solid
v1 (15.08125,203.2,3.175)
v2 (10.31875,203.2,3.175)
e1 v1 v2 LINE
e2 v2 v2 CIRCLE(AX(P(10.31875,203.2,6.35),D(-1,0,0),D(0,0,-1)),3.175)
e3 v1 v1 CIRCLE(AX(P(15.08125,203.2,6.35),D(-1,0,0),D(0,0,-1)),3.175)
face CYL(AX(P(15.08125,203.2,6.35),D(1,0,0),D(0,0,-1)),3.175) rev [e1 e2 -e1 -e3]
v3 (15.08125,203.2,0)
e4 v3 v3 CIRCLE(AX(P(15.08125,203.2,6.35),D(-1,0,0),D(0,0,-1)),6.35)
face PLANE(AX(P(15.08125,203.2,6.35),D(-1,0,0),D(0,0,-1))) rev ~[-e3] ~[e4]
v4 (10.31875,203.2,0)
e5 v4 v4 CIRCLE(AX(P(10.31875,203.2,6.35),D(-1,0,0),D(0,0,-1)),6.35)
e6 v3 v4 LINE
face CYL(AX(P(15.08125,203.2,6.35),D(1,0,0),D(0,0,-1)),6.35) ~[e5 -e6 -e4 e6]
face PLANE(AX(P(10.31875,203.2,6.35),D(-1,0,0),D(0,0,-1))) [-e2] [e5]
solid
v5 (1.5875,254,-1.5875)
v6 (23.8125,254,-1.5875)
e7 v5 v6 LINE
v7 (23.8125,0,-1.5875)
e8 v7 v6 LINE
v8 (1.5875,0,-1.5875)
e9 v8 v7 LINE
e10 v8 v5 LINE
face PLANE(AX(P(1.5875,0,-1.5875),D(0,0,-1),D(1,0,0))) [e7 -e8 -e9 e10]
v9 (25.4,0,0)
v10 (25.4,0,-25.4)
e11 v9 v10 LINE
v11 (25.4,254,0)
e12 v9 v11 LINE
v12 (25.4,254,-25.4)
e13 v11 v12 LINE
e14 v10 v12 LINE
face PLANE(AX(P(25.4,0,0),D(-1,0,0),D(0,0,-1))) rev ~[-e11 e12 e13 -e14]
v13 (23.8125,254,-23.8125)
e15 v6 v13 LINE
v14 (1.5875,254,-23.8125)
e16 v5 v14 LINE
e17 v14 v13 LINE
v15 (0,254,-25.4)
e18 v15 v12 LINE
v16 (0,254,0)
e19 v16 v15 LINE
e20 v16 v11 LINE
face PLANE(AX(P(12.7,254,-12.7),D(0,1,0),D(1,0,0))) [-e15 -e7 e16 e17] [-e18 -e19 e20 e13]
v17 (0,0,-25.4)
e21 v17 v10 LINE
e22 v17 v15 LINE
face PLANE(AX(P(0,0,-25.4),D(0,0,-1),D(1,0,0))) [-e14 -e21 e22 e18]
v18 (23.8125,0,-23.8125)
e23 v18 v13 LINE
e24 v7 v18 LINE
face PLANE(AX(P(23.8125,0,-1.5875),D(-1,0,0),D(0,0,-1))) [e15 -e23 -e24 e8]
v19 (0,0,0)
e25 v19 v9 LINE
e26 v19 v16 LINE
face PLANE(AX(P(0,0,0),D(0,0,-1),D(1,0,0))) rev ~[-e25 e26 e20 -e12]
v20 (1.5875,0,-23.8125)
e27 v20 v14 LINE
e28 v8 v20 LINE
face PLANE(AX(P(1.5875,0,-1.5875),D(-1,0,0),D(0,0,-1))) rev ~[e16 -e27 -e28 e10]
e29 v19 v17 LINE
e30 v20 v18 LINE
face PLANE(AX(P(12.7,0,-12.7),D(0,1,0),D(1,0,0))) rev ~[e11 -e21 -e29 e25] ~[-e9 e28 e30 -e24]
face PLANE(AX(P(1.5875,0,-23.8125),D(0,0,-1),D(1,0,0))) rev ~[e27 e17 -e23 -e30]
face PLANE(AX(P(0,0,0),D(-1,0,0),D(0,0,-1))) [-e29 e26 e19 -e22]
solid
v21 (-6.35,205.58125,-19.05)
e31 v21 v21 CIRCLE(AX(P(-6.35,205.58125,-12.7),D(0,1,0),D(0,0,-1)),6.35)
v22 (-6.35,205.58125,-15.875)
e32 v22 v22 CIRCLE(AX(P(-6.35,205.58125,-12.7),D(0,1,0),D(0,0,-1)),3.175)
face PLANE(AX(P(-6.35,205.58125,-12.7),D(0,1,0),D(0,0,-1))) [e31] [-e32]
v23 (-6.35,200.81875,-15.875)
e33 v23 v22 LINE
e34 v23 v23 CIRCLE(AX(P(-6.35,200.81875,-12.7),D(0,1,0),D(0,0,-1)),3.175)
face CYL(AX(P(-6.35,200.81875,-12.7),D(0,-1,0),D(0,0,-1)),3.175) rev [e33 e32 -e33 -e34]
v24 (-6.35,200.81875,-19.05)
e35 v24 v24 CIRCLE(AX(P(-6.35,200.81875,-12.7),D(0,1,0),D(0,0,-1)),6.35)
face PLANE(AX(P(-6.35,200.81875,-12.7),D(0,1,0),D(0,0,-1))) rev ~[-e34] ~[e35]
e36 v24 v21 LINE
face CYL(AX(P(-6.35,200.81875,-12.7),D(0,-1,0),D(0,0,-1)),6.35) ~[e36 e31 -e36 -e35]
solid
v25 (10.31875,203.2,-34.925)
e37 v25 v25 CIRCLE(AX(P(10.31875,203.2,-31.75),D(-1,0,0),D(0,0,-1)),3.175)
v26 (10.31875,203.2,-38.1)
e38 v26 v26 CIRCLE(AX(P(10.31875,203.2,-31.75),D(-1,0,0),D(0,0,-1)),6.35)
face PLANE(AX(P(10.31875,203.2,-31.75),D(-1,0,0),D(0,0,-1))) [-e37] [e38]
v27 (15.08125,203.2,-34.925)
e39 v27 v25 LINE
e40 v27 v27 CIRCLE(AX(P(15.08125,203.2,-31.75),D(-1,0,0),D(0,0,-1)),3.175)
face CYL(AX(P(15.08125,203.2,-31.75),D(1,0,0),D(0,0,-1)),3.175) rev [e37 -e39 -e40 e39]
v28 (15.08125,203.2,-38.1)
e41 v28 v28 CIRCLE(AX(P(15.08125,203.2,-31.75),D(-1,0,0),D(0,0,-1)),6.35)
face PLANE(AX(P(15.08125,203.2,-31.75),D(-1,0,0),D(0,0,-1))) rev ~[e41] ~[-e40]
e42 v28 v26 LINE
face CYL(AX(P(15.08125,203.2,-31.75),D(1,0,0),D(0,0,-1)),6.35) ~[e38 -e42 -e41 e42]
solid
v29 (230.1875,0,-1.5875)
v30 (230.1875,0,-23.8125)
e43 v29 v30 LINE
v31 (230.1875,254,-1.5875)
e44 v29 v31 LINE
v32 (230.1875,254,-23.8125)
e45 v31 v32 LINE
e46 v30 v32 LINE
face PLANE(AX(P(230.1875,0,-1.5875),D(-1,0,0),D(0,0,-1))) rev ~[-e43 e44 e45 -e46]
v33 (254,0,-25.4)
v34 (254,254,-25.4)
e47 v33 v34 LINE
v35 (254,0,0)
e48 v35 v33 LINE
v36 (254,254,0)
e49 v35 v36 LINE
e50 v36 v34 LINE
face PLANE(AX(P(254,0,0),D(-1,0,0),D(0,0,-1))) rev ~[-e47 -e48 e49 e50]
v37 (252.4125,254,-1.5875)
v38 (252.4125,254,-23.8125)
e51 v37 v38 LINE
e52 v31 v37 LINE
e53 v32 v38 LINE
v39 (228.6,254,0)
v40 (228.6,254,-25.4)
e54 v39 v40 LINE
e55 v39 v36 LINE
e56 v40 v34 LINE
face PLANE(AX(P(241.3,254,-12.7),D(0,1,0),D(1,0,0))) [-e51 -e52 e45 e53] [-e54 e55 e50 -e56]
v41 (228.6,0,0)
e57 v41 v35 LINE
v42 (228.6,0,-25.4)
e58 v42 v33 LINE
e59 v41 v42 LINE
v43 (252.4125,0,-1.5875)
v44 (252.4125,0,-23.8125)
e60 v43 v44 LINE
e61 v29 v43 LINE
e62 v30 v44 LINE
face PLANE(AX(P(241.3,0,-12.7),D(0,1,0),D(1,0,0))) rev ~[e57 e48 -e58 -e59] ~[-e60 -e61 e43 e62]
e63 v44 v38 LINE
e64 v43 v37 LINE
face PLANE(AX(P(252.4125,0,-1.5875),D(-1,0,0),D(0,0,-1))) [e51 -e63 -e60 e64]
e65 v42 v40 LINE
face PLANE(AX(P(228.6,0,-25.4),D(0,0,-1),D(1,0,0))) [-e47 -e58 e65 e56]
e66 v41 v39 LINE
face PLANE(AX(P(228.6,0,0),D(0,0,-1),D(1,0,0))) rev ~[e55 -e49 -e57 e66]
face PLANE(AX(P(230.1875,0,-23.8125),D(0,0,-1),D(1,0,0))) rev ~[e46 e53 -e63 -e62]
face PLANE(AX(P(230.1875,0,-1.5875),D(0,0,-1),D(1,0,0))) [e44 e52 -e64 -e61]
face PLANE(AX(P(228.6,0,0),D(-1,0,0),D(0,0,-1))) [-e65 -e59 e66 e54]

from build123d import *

# Parameters (mm, degrees)
SKETCH2_W             = 25.4
SKETCH2_H             = 25.4
SKETCH2_W_2           = 22.225
SKETCH2_H_2           = 22.225
BOSS_EXTRUDE1_DEPTH   = 254
BOSS_EXTRUDE1_2_DEPTH = 254
BOSS_EXTRUDE2_START   = -15.08125
SKETCH4_R             = 6.35
SKETCH4_R_2           = 3.175
BOSS_EXTRUDE2_DEPTH   = 4.7625
BOSS_EXTRUDE2_2_DEPTH = 4.7625
BOSS_EXTRUDE3_START   = -53.18125
SKETCH5_R             = 6.35
SKETCH5_R_2           = 3.175
BOSS_EXTRUDE3_DEPTH   = 4.7625


with BuildPart() as part:
    # Sketch2 → Boss-Extrude1 (new body)
    with BuildSketch(Plane(origin=(0, 0, 0), x_dir=(1, 0, 0), z_dir=(0, 1, 0))):
        with Locations((12.7, 12.7)):
            Rectangle(SKETCH2_W, SKETCH2_H)
        with Locations((12.7, 12.7)):
            Rectangle(SKETCH2_W_2, SKETCH2_H_2, mode=Mode.SUBTRACT)
    extrude(amount=BOSS_EXTRUDE1_DEPTH)


with BuildPart() as body_2:
    # Sketch2 → Boss-Extrude1 2 (new body)
    with BuildSketch(Plane(origin=(0, 0, 0), x_dir=(1, 0, 0), z_dir=(0, 1, 0))):
        with Locations((241.3, 12.7)):
            Rectangle(SKETCH2_W, SKETCH2_H)
        with Locations((241.3, 12.7)):
            Rectangle(SKETCH2_W_2, SKETCH2_H_2, mode=Mode.SUBTRACT)
    extrude(amount=BOSS_EXTRUDE1_2_DEPTH)


with BuildPart() as body_3:
    # Sketch4 → Boss-Extrude2 (new body)
    with BuildSketch(Plane.ZY.offset(BOSS_EXTRUDE2_START)):
        with Locations(Location((-31.75, 203.2, 0), (0, 0, 180))):
            Circle(SKETCH4_R)
        with Locations(Location((-31.75, 203.2, 0), (0, 0, 180))):
            Circle(SKETCH4_R_2, mode=Mode.SUBTRACT)
    extrude(amount=BOSS_EXTRUDE2_DEPTH)


with BuildPart() as body_4:
    # Sketch4 → Boss-Extrude2 2 (new body)
    with BuildSketch(Plane.ZY.offset(BOSS_EXTRUDE2_START)):
        with Locations(Location((6.35, 203.2, 0), (0, 0, 180))):
            Circle(SKETCH4_R)
        with Locations(Location((6.35, 203.2, 0), (0, 0, 180))):
            Circle(SKETCH4_R_2, mode=Mode.SUBTRACT)
    extrude(amount=BOSS_EXTRUDE2_2_DEPTH)


with BuildPart() as body_5:
    # Sketch5 → Boss-Extrude3 (new body)
    with BuildSketch(Plane(origin=(0, 254, 0), x_dir=(1, 0, 0), z_dir=(0, 1, 0)).offset(BOSS_EXTRUDE3_START)):
        with Locations(Location((-6.35, 12.7, 0), (0, 0, 90))):
            Circle(SKETCH5_R)
        with Locations(Location((-6.35, 12.7, 0), (0, 0, 90))):
            Circle(SKETCH5_R_2, mode=Mode.SUBTRACT)
    extrude(amount=BOSS_EXTRUDE3_DEPTH)


solid = Compound([part.part, body_2.part, body_3.part, body_4.part, body_5.part])
